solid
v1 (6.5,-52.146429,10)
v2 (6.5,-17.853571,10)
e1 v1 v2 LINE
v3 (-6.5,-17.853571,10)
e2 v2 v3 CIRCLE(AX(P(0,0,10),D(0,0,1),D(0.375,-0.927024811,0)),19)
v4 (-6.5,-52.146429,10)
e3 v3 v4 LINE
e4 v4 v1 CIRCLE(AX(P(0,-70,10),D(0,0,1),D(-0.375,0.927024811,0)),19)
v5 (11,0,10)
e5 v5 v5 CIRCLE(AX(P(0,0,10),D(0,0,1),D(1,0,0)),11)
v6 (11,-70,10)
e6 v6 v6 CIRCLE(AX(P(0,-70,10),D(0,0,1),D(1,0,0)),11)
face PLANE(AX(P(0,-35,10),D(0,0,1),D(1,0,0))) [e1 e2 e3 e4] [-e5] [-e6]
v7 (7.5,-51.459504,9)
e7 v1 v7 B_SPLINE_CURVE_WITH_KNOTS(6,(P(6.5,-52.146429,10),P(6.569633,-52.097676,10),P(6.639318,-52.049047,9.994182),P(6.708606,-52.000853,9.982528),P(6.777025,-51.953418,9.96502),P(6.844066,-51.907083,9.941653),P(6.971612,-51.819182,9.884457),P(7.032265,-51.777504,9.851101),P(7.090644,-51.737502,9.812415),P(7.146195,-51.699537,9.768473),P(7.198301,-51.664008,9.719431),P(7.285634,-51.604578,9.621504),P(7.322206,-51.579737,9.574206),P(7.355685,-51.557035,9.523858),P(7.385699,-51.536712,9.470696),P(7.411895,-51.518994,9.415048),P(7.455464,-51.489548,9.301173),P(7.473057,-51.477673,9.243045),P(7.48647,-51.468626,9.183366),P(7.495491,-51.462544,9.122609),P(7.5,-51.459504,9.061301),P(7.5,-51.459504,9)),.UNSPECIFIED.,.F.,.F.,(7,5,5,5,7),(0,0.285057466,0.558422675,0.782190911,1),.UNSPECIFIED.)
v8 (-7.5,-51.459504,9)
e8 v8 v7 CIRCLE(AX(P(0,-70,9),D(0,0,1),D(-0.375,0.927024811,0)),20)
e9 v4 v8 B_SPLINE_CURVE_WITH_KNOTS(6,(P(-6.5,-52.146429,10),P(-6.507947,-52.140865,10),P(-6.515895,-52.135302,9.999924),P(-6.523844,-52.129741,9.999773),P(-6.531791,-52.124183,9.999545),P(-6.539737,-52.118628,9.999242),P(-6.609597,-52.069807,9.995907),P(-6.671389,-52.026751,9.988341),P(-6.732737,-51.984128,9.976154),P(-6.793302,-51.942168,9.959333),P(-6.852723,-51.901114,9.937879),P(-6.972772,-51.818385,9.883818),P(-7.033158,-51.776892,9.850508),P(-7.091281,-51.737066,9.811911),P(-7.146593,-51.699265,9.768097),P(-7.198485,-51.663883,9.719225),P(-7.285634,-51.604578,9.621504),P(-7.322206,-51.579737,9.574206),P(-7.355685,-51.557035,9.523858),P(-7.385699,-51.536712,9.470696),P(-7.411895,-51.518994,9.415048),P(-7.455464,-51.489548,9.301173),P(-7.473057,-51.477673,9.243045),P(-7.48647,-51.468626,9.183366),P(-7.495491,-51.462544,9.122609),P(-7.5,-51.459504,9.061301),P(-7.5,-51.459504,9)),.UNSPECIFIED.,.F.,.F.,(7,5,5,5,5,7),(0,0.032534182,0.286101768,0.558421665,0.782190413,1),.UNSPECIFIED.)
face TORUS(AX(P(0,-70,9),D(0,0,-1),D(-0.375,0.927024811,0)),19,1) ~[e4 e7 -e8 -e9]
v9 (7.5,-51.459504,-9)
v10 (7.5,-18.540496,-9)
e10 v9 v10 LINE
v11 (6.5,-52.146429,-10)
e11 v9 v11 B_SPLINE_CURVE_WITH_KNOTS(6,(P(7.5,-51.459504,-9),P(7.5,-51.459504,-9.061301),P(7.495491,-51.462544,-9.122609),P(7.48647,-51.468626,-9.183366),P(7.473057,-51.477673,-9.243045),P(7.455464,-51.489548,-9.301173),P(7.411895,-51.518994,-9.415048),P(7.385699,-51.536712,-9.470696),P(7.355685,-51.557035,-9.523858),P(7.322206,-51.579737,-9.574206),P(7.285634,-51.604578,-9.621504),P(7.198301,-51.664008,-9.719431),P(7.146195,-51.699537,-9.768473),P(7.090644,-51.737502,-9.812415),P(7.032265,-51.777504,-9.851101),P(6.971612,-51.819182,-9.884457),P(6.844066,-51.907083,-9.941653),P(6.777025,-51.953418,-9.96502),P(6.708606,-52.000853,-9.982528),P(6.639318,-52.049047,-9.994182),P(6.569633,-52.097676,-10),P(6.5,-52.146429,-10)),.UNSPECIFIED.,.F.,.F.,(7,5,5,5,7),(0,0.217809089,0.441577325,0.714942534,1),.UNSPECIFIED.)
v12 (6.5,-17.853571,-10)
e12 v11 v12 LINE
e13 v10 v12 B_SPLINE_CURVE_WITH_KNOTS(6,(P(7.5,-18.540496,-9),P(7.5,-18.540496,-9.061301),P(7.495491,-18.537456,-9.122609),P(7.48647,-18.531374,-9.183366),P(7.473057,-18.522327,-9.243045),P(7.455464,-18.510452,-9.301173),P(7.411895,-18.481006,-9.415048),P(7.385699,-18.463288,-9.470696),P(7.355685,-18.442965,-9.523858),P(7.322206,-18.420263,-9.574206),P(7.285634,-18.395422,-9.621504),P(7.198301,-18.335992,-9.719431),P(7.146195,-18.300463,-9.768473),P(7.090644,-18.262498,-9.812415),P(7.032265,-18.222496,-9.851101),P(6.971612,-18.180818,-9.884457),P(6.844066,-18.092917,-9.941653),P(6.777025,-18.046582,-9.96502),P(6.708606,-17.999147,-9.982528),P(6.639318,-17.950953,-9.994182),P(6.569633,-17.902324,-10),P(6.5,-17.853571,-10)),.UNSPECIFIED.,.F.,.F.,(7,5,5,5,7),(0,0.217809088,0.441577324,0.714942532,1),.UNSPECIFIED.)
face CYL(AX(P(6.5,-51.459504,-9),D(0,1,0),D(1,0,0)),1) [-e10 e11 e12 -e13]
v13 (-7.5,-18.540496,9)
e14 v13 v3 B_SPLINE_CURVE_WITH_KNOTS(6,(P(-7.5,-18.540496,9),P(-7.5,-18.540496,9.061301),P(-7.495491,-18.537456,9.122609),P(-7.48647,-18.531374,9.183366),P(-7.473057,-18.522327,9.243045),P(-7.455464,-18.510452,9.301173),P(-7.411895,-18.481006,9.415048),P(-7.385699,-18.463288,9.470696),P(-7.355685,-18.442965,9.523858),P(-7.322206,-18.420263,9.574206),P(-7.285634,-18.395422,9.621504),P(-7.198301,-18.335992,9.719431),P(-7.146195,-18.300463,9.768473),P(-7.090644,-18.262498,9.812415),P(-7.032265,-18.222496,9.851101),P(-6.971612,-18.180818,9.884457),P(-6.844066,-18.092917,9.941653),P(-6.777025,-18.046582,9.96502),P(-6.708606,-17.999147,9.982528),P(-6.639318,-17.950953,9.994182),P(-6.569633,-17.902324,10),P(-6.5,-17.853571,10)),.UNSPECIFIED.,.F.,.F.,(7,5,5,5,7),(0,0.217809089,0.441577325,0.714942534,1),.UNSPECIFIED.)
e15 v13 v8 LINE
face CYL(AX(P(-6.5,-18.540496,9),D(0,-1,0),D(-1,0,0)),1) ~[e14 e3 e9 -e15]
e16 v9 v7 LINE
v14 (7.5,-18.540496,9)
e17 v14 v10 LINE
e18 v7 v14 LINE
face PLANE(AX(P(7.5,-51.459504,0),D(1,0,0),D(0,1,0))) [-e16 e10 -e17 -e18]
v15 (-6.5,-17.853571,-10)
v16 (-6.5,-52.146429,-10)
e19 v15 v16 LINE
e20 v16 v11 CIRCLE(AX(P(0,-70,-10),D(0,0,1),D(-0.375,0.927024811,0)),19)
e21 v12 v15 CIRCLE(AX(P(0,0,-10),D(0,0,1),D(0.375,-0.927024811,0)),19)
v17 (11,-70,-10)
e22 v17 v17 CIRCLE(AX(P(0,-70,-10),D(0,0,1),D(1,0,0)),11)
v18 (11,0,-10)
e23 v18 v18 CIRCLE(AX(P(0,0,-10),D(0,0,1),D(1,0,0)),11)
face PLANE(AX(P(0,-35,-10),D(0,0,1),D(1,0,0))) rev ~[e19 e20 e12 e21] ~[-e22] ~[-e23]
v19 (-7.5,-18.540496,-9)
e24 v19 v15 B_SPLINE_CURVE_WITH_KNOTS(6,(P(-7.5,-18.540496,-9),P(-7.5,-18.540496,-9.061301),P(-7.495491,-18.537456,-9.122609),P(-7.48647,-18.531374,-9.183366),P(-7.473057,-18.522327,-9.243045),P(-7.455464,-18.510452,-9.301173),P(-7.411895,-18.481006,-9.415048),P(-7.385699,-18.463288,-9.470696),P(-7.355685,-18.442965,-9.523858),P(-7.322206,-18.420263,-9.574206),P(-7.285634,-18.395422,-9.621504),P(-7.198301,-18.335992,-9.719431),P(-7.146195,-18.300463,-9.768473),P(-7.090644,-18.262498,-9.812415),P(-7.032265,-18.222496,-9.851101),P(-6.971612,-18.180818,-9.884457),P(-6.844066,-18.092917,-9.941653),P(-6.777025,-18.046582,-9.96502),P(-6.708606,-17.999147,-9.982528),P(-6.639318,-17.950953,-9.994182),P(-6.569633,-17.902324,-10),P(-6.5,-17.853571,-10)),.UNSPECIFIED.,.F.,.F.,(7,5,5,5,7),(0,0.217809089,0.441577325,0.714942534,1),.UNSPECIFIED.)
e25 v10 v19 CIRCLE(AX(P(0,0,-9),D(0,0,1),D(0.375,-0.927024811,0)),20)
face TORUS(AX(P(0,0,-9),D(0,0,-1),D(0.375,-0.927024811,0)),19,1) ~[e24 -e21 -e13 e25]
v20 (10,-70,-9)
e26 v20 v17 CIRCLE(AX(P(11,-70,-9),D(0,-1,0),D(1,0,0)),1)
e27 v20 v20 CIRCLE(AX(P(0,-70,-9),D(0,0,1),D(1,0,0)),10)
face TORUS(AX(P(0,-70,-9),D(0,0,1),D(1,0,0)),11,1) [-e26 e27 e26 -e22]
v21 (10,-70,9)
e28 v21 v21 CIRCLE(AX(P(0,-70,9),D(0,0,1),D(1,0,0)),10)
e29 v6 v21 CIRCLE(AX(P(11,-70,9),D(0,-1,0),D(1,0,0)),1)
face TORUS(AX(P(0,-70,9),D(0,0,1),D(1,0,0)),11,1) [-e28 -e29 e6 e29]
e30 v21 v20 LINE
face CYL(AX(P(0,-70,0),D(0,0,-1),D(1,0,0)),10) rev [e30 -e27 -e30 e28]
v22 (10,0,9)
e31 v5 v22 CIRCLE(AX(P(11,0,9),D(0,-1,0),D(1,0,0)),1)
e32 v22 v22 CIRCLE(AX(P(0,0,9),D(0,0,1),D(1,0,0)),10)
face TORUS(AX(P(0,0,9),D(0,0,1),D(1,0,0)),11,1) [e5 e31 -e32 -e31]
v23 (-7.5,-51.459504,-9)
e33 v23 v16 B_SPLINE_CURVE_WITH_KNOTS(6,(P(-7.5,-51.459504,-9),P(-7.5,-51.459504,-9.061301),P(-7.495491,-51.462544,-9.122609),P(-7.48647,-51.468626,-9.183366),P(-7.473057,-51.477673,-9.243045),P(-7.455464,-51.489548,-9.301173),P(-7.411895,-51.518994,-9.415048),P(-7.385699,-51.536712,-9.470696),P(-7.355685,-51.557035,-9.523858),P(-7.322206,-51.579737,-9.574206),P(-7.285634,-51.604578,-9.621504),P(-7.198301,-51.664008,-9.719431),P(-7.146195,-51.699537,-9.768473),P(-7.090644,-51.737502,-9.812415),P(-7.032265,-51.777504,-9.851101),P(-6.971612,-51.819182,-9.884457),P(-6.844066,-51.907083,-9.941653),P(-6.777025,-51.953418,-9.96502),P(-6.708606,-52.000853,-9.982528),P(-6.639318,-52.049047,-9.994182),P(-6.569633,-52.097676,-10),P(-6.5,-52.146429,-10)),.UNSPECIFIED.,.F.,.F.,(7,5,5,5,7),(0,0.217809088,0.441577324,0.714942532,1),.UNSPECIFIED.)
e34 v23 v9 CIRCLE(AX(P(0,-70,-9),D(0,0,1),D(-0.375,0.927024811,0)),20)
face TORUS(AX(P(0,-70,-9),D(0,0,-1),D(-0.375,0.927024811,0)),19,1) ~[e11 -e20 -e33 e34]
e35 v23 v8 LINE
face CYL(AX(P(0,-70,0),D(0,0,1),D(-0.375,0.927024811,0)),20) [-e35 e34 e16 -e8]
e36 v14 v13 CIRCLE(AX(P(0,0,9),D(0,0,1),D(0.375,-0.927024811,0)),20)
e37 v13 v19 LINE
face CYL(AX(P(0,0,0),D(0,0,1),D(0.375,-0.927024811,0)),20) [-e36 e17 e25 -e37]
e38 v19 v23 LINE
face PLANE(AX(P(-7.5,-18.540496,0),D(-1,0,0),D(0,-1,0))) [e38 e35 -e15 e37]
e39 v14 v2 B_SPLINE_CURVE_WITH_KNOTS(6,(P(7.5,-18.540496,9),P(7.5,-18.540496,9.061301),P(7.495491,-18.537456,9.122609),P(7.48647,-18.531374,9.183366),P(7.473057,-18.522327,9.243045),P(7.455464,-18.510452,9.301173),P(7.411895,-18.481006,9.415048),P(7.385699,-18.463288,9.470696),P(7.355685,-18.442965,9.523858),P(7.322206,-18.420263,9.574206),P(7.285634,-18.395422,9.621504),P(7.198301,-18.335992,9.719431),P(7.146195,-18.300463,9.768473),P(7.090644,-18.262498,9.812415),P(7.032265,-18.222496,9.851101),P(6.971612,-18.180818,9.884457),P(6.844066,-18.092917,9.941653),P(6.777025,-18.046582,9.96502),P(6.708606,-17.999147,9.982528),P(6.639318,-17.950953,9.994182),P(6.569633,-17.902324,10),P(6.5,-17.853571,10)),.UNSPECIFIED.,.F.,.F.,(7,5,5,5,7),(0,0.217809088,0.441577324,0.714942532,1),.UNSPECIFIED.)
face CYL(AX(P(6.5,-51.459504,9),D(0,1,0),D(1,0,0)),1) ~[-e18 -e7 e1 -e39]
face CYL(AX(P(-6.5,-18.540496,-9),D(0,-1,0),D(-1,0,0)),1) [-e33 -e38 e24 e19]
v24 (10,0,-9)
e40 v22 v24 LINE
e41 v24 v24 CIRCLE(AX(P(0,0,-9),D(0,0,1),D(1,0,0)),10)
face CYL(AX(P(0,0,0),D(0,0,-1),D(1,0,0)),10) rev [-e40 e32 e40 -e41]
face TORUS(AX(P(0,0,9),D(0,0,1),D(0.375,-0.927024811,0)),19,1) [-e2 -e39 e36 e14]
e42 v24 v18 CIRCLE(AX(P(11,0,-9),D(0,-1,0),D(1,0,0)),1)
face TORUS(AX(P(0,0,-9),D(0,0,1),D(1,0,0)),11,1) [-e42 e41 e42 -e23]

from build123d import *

# Parameters (mm, degrees)
SKETCH1_R           = 10
BOSS_EXTRUDE1_DEPTH = 10
FILLET1_R           = 1


with BuildPart() as part:
    # Sketch1 → Boss-Extrude1 (new body, symmetric)
    with BuildSketch(Plane.XY):
        with BuildLine():
            Line((-7.5, -18.540496218), (-7.5, -51.459503782))
            ThreePointArc((-7.5, -51.459503782), (0, -90), (7.5, -51.459503782))
            Line((7.5, -51.459503782), (7.5, -18.540496218))
            ThreePointArc((7.5, -18.540496218), (0, 20), (-7.5, -18.540496218))
        make_face()
        Circle(SKETCH1_R, mode=Mode.SUBTRACT)
        with Locations((0, -70)):
            Circle(SKETCH1_R, mode=Mode.SUBTRACT)
    extrude(amount=BOSS_EXTRUDE1_DEPTH, both=True)

    # Fillet1
    fillet1_edges = [part.edges().sort_by_distance(p)[0] for p in [
        (-10, 0, -10),
        (-10, 0, 10),
        (0, -90, 10),
        (-10, -70, -10),
        (-10, -70, 10),
        (7.5, -35, 10),
        (0, 20, 10),
        (7.5, -35, -10),
        (0, -90, -10),
        (-7.5, -35, -10),
        (0, 20, -10),
        (-7.5, -35, 10),
    ]]
    fillet(fillet1_edges, radius=FILLET1_R)


solid = part.part
